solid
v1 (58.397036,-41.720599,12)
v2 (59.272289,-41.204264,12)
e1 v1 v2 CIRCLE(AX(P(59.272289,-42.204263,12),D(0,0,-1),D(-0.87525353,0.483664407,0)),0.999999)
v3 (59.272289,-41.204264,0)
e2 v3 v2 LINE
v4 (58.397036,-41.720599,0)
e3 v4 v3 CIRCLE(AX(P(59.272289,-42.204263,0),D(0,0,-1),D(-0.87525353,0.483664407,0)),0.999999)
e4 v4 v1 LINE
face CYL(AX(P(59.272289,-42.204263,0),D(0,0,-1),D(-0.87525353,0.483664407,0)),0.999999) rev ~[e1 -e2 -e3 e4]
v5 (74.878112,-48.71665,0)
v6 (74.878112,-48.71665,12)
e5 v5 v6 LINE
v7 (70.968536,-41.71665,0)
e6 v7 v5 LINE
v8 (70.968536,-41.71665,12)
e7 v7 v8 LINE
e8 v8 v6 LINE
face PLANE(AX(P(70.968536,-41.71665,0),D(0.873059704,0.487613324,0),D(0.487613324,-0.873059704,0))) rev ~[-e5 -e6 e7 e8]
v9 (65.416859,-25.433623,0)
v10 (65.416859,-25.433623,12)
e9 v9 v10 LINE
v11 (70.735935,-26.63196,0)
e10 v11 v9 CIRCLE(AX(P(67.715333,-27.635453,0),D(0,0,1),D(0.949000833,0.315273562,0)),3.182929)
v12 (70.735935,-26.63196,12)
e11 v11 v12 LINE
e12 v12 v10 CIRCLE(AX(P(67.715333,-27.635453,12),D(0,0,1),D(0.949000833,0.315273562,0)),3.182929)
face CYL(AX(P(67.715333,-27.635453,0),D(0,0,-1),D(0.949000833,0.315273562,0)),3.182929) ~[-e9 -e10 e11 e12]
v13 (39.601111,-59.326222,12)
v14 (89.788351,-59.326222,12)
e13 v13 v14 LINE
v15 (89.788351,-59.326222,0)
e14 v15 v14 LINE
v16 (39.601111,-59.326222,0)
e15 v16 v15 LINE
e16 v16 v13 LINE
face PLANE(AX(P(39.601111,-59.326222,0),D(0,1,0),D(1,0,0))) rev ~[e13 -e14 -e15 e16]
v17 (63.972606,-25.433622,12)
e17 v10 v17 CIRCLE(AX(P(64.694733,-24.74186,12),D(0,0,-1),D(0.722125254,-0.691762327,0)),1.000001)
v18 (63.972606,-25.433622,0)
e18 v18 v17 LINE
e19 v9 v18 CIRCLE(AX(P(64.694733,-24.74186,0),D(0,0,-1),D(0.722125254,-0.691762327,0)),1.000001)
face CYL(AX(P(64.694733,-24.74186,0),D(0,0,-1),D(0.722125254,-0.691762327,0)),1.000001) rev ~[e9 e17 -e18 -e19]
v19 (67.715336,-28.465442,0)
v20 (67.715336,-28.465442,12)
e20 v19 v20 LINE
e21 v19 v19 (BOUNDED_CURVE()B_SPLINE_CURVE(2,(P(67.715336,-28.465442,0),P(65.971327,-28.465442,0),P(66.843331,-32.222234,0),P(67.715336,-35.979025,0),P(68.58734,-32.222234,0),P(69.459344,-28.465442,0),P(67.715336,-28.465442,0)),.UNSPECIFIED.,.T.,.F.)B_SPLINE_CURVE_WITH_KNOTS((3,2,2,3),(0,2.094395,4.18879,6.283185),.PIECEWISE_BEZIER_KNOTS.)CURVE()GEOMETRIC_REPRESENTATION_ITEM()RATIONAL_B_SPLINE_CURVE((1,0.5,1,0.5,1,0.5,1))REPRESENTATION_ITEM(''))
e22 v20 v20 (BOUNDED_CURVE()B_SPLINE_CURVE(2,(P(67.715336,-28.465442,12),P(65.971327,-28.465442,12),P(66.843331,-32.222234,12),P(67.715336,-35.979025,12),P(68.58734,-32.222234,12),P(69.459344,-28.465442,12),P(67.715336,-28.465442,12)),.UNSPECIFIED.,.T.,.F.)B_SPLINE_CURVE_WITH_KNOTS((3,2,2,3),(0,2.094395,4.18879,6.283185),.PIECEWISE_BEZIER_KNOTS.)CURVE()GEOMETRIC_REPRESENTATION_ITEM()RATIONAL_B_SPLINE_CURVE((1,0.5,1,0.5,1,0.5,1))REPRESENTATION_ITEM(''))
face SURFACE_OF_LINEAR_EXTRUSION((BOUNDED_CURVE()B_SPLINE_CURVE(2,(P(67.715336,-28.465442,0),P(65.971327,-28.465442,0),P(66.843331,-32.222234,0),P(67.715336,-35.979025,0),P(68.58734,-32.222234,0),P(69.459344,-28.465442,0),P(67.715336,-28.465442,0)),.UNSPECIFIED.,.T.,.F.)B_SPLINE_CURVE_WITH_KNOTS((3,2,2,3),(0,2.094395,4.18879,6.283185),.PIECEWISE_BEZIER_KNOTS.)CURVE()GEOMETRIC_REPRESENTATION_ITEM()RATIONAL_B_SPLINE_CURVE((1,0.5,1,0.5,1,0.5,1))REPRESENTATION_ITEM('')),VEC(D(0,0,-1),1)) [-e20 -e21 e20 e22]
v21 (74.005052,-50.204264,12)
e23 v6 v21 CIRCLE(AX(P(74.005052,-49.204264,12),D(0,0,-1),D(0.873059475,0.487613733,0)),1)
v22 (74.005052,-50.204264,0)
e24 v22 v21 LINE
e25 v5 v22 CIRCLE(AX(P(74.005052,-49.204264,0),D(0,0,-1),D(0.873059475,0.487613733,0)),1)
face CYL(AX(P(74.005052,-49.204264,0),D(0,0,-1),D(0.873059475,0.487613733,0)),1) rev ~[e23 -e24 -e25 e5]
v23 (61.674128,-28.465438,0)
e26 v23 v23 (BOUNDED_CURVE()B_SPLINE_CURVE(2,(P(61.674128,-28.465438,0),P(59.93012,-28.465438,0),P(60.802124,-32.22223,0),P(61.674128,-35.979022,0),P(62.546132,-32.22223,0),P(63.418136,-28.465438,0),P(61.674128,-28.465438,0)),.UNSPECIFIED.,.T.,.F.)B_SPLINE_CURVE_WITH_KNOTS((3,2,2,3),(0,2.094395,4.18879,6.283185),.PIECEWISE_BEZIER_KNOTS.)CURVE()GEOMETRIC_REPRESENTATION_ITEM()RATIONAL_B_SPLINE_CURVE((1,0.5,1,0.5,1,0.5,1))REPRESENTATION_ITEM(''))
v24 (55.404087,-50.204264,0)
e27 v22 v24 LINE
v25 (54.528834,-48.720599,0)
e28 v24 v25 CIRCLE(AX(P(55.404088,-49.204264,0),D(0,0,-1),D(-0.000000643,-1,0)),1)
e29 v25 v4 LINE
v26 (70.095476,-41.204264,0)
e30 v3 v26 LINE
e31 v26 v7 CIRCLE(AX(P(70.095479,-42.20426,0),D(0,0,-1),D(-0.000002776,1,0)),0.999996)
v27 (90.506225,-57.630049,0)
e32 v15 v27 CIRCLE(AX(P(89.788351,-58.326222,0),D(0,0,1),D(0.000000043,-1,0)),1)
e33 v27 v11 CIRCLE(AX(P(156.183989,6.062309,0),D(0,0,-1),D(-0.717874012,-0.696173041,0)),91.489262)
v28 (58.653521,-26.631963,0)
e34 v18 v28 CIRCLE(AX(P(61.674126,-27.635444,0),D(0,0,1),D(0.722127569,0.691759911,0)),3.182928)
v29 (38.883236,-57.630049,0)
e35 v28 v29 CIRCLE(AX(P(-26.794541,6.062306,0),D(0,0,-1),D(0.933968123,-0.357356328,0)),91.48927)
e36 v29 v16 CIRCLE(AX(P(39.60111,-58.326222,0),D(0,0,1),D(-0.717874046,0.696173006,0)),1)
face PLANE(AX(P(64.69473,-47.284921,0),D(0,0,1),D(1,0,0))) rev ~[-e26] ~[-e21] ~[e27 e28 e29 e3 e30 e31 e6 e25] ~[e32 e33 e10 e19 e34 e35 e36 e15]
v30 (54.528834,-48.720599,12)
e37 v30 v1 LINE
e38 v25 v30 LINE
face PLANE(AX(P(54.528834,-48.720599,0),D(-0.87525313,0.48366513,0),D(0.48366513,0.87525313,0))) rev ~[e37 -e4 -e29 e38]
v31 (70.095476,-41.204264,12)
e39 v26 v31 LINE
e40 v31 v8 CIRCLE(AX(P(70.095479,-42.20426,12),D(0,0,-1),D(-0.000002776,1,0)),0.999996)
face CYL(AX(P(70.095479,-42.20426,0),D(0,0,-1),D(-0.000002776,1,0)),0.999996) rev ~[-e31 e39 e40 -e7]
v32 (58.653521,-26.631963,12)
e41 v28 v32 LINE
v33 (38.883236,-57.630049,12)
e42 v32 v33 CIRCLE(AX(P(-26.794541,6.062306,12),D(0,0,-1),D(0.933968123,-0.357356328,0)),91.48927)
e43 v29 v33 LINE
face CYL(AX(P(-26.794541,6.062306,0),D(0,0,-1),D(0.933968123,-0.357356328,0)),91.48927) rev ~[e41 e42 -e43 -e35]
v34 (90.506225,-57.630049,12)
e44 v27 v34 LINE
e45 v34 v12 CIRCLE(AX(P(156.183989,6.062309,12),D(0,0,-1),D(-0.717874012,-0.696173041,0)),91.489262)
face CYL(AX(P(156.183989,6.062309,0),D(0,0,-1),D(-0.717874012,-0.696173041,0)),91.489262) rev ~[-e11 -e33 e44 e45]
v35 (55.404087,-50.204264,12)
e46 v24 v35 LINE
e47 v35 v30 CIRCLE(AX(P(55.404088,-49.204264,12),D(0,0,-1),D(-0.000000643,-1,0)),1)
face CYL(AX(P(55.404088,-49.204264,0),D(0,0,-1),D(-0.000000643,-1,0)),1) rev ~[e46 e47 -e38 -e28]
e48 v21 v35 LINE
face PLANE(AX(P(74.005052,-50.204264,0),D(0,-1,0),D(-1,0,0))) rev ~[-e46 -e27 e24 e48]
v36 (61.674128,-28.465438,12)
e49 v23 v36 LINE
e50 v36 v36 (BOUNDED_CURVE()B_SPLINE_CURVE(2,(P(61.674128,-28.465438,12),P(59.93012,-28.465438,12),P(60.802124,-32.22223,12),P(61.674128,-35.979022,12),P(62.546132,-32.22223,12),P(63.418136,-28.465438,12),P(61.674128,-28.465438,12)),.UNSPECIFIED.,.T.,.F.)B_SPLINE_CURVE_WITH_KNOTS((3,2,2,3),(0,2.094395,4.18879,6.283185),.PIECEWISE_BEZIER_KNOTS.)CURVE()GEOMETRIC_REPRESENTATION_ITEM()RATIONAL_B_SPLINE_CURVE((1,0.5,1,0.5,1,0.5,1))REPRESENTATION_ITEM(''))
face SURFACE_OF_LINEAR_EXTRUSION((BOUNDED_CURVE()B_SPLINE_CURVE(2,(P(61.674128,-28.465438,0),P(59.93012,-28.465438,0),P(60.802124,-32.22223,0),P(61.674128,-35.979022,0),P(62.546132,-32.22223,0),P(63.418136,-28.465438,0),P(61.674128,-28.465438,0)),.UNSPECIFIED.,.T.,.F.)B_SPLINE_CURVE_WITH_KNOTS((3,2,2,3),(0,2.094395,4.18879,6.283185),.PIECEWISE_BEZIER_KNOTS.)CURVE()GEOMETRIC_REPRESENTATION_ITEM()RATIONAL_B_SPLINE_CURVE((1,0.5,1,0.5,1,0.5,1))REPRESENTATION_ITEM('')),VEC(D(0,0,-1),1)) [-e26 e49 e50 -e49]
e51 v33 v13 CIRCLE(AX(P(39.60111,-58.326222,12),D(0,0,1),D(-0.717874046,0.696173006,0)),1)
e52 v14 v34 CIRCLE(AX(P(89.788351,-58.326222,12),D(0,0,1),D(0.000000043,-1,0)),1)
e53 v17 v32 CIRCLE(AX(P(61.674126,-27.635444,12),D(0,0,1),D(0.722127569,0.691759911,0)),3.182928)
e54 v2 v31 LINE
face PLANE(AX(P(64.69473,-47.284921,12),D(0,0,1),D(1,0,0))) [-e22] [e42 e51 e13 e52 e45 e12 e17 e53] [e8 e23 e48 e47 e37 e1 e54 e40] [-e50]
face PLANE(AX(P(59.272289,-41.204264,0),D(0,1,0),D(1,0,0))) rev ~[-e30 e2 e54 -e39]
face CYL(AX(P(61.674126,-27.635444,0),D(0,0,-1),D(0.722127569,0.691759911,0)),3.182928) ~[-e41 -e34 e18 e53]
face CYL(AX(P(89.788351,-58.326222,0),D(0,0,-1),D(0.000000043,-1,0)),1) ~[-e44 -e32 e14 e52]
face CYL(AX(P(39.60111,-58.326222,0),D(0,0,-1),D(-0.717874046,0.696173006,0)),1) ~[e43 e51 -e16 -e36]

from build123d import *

# Parameters (mm, degrees)
F1_DEPTH = 12


with BuildPart() as f1:
    # F0 (on Top) → F1 (new body)
    with BuildSketch(Plane.XY):
        with BuildLine():
            ThreePointArc((38.883236, -57.630049), (38.680194, -58.715983), (39.601111, -59.326222))
            Line((39.601111, -59.326222), (89.788351, -59.326222))
            ThreePointArc((89.788351, -59.326222), (90.709267, -58.715983), (90.506225, -57.630049))
            ThreePointArc((90.506225, -57.630049), (79.047917, -43.134353), (70.735935, -26.63196))
            ThreePointArc((70.735935, -26.63196), (68.414883, -24.53035), (65.416859, -25.433623))
            ThreePointArc((65.416859, -25.433623), (64.694732, -25.741861), (63.972606, -25.433622))
            ThreePointArc((63.972606, -25.433622), (60.974575, -24.530342), (58.653521, -26.631963))
            ThreePointArc((58.653521, -26.631963), (50.341541, -43.134354), (38.883236, -57.630049))
        make_face()
        with BuildLine():
            ThreePointArc((58.397036, -41.720599), (58.764187, -41.342967), (59.272289, -41.204264))
            Line((59.272289, -41.204264), (70.095476, -41.204264))
            ThreePointArc((70.095476, -41.204264), (70.601632, -41.341821), (70.968536, -41.71665))
            Line((70.968536, -41.71665), (74.878112, -48.71665))
            ThreePointArc((74.878112, -48.71665), (74.867495, -49.710419), (74.005052, -50.204264))
            Line((74.005052, -50.204264), (55.404087, -50.204264))
            ThreePointArc((55.404087, -50.204264), (54.54279, -49.712365), (54.528834, -48.720599))
            Line((54.528834, -48.720599), (58.397036, -41.720599))
        make_face(mode=Mode.SUBTRACT)
        with BuildLine():
            add(Edge.make_bspline(
                [(61.674128, -28.465438), (59.93012, -28.465438), (60.802124, -32.22223), (61.674128, -35.979022), (62.546132, -32.22223), (63.418136, -28.465438), (61.674128, -28.465438)],
                knots=[0, 0, 0, 2.094395, 2.094395, 4.18879, 4.18879, 6.283185, 6.283185, 6.283185], degree=2, weights=[1, 0.5, 1, 0.5, 1, 0.5, 1]))
        make_face(mode=Mode.SUBTRACT)
        with BuildLine():
            add(Edge.make_bspline(
                [(67.715336, -28.465442), (65.971327, -28.465442), (66.843331, -32.222234), (67.715336, -35.979025), (68.58734, -32.222234), (69.459344, -28.465442), (67.715336, -28.465442)],
                knots=[0, 0, 0, 2.094395, 2.094395, 4.18879, 4.18879, 6.283185, 6.283185, 6.283185], degree=2, weights=[1, 0.5, 1, 0.5, 1, 0.5, 1]))
        make_face(mode=Mode.SUBTRACT)
    extrude(amount=F1_DEPTH)


solid = f1.part
